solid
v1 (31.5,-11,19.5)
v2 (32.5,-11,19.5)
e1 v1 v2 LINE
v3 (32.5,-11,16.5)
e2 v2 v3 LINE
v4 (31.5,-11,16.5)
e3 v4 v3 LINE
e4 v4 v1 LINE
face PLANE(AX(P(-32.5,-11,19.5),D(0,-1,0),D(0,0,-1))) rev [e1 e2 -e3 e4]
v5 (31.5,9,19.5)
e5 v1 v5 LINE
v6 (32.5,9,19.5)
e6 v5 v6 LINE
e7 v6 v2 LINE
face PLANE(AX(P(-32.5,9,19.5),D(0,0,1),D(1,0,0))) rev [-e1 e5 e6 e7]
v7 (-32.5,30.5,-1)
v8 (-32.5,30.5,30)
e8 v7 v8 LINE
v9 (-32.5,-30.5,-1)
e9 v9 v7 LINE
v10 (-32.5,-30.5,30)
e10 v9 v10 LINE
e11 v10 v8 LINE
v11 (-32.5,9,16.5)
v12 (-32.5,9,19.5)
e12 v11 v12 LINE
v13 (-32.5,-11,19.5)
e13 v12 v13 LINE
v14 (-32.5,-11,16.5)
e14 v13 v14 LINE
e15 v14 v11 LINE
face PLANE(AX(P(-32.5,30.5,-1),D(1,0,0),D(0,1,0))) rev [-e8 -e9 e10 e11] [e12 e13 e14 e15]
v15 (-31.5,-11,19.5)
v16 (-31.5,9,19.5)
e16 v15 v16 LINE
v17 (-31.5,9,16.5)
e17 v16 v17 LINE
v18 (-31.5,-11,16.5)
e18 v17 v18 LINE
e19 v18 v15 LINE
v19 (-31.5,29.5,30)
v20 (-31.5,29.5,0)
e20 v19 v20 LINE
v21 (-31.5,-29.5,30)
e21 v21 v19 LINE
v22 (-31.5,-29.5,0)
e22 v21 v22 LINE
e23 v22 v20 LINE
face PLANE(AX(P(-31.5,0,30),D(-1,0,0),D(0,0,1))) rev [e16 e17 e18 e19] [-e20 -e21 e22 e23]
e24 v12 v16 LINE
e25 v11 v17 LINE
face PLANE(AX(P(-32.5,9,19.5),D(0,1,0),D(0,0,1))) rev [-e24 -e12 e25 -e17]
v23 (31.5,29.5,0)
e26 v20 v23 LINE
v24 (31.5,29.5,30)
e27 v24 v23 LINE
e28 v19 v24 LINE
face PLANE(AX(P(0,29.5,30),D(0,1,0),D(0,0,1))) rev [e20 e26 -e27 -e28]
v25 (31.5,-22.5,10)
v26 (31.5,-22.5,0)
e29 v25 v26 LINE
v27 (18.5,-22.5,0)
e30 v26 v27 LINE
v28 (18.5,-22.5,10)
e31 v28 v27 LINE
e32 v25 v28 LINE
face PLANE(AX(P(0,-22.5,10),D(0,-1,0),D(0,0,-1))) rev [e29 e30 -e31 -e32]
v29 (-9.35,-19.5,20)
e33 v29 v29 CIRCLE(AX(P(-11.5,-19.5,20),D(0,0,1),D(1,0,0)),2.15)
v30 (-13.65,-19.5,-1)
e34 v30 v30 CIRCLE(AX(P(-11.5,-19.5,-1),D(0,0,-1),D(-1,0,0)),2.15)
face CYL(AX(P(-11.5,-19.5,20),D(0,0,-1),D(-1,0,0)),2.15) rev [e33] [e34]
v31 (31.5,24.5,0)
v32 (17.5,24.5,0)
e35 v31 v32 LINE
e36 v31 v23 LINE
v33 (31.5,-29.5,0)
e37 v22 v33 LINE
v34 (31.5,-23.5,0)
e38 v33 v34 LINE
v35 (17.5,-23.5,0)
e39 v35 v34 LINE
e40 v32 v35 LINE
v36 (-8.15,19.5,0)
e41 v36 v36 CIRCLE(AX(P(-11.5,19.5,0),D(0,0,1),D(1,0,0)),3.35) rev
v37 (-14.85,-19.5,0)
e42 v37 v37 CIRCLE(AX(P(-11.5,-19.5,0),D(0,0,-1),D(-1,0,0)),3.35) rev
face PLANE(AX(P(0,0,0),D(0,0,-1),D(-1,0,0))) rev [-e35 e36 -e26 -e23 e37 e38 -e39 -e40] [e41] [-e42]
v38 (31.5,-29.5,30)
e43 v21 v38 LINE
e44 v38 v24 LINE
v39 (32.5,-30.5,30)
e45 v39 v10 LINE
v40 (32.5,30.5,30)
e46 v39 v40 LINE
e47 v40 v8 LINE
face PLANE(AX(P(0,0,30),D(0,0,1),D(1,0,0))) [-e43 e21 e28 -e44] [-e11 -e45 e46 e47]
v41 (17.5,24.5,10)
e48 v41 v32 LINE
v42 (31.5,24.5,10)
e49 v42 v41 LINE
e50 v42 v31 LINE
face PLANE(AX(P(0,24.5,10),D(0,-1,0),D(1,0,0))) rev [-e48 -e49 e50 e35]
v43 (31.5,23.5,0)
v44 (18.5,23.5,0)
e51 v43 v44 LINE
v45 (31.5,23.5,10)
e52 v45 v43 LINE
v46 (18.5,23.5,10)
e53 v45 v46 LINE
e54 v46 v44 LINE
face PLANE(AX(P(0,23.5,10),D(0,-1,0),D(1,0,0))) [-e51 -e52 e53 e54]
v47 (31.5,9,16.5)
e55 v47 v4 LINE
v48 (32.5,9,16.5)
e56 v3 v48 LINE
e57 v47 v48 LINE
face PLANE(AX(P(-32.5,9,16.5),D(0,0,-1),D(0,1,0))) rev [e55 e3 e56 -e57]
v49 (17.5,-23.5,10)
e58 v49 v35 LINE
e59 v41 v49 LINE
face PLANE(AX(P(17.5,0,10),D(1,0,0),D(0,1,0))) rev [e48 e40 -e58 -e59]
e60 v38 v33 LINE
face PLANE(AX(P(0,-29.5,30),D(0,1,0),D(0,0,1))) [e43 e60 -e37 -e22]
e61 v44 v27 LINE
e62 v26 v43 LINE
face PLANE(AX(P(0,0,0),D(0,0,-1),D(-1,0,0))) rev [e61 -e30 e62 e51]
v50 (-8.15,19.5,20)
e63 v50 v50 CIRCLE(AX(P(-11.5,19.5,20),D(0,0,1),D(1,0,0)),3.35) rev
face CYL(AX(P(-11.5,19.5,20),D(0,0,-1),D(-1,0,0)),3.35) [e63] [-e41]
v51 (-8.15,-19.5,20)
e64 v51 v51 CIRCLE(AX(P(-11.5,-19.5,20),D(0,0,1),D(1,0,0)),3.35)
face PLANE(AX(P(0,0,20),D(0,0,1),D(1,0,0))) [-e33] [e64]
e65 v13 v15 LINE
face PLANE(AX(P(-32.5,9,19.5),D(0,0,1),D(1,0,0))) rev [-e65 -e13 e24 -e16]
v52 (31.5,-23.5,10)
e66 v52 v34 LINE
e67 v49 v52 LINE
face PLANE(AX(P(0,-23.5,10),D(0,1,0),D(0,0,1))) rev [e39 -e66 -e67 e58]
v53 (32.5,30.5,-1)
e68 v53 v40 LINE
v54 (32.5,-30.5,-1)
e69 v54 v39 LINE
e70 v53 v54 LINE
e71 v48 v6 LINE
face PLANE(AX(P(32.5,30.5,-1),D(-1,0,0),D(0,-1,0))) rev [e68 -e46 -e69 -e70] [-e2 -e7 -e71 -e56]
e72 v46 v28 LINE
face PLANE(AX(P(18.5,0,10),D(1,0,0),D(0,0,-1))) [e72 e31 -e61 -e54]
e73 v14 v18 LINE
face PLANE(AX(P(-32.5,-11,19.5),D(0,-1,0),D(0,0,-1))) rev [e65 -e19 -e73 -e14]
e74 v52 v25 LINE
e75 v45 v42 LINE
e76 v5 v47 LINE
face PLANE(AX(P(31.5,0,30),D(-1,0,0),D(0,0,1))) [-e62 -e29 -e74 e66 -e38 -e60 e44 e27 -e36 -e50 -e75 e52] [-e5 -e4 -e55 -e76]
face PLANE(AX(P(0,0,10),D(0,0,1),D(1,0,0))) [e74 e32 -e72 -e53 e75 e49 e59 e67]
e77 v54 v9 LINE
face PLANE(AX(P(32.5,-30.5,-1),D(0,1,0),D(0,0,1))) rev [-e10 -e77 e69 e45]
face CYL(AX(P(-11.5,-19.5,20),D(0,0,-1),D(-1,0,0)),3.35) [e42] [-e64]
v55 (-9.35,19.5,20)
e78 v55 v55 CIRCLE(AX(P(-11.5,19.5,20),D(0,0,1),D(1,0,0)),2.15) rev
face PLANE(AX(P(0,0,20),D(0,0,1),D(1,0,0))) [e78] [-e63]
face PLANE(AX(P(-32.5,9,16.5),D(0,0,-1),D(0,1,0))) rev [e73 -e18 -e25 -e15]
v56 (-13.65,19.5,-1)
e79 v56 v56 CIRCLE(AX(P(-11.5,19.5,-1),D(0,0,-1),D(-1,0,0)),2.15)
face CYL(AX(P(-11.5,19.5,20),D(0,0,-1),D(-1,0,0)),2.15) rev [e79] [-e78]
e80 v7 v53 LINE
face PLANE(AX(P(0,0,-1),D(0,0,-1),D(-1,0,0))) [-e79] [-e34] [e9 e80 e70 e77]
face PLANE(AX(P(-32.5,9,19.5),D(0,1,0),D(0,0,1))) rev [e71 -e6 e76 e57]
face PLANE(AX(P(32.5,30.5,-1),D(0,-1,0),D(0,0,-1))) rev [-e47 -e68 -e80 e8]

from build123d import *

# Parameters (mm, degrees)
CROQUIS1_W                 = 65
CROQUIS1_H                 = 61
SALIENTE_EXTRUIR1_DEPTH    = 30
CROQUIS1_7_R               = 3.35
CROQUIS1_7_R_2             = 2.15
SALIENTE_EXTRUIR2_DEPTH    = 20
SALIENTE_EXTRUIR2_2_DEPTH  = 20
SALIENTE_EXTRUIR4_DEPTH    = 10
CROQUIS2_W                 = 65
CROQUIS2_H                 = 61
SALIENTE_EXTRUIR5_DEPTH    = 1
CORTAR_EXTRUIR1_DEPTH      = 54.726157503
CORTAR_EXTRUIR1_DEPTH_BACK = 54.726157503
CROQUIS3_W                 = 3
CROQUIS3_H                 = 20
CORTAR_EXTRUIR2_START      = -40
CROQUIS5_R                 = 2.15
CORTAR_EXTRUIR2_DEPTH      = 40


with BuildPart() as part:
    # Croquis1 → Saliente-Extruir1 (new body)
    with BuildSketch(Plane.XY):
        Rectangle(CROQUIS1_W, CROQUIS1_H)
        Polygon((31.5, -29.5), (-31.5, -29.5), (-31.5, 29.5), (31.5, 29.5), (31.5, 24.5), (31.5, 23.5), (31.5, -22.5), (31.5, -23.5), align=None, mode=Mode.SUBTRACT)
    extrude(amount=SALIENTE_EXTRUIR1_DEPTH)

    # Croquis1<9> → Saliente-Extruir4 (add)
    with BuildSketch(Plane.XY):
        Polygon((17.5, -23.5), (31.5, -23.5), (31.5, -22.5), (18.5, -22.5), (18.5, 23.5), (31.5, 23.5), (31.5, 24.5), (17.5, 24.5), align=None)
    extrude(amount=SALIENTE_EXTRUIR4_DEPTH)



with BuildPart() as body_2:
    # Croquis1<7> → Saliente-Extruir2 (new body)
    with BuildSketch(Plane.XY):
        with Locations((-11.5, -19.5)):
            Circle(CROQUIS1_7_R)
        with Locations((-11.5, -19.5)):
            Circle(CROQUIS1_7_R_2, mode=Mode.SUBTRACT)
    extrude(amount=SALIENTE_EXTRUIR2_DEPTH)


with BuildPart() as body_3:
    # Croquis1<7> → Saliente-Extruir2 2 (new body)
    with BuildSketch(Plane.XY):
        with Locations((-11.5, 19.5)):
            Circle(CROQUIS1_7_R)
        with Locations((-11.5, 19.5)):
            Circle(CROQUIS1_7_R_2, mode=Mode.SUBTRACT)
    extrude(amount=SALIENTE_EXTRUIR2_2_DEPTH)


with BuildPart() as part_1:
    add(part.part)

    add(body_2.part)  # Saliente-Extruir5 merges body 2

    add(body_3.part)  # Saliente-Extruir5 merges body 3
    # Croquis2 → Saliente-Extruir5 (add)
    with BuildSketch(Plane(origin=(0, 0, 0), x_dir=(-1, 0, 0), z_dir=(0, 0, -1))):
        Rectangle(CROQUIS2_W, CROQUIS2_H)
    extrude(amount=SALIENTE_EXTRUIR5_DEPTH)

    # Croquis3 → Cortar-Extruir1 (cut, two sides: drawn at the far end of the back side and taken through both)
    with BuildSketch(Plane(origin=(0, 0, 0), x_dir=(0, 0, -1), z_dir=(1, 0, 0)).offset(-CORTAR_EXTRUIR1_DEPTH_BACK)):
        with Locations((-18, -1)):
            Rectangle(CROQUIS3_W, CROQUIS3_H)
    extrude(amount=CORTAR_EXTRUIR1_DEPTH + CORTAR_EXTRUIR1_DEPTH_BACK, mode=Mode.SUBTRACT)

    # Croquis5 → Cortar-Extruir2 (cut)
    with BuildSketch(Plane.XY.offset(20).offset(CORTAR_EXTRUIR2_START)):
        with Locations((-11.5, -19.5)):
            Circle(CROQUIS5_R)
        with Locations((-11.5, 19.5)):
            Circle(CROQUIS5_R)
    extrude(amount=CORTAR_EXTRUIR2_DEPTH, mode=Mode.SUBTRACT)


solid = part_1.part
